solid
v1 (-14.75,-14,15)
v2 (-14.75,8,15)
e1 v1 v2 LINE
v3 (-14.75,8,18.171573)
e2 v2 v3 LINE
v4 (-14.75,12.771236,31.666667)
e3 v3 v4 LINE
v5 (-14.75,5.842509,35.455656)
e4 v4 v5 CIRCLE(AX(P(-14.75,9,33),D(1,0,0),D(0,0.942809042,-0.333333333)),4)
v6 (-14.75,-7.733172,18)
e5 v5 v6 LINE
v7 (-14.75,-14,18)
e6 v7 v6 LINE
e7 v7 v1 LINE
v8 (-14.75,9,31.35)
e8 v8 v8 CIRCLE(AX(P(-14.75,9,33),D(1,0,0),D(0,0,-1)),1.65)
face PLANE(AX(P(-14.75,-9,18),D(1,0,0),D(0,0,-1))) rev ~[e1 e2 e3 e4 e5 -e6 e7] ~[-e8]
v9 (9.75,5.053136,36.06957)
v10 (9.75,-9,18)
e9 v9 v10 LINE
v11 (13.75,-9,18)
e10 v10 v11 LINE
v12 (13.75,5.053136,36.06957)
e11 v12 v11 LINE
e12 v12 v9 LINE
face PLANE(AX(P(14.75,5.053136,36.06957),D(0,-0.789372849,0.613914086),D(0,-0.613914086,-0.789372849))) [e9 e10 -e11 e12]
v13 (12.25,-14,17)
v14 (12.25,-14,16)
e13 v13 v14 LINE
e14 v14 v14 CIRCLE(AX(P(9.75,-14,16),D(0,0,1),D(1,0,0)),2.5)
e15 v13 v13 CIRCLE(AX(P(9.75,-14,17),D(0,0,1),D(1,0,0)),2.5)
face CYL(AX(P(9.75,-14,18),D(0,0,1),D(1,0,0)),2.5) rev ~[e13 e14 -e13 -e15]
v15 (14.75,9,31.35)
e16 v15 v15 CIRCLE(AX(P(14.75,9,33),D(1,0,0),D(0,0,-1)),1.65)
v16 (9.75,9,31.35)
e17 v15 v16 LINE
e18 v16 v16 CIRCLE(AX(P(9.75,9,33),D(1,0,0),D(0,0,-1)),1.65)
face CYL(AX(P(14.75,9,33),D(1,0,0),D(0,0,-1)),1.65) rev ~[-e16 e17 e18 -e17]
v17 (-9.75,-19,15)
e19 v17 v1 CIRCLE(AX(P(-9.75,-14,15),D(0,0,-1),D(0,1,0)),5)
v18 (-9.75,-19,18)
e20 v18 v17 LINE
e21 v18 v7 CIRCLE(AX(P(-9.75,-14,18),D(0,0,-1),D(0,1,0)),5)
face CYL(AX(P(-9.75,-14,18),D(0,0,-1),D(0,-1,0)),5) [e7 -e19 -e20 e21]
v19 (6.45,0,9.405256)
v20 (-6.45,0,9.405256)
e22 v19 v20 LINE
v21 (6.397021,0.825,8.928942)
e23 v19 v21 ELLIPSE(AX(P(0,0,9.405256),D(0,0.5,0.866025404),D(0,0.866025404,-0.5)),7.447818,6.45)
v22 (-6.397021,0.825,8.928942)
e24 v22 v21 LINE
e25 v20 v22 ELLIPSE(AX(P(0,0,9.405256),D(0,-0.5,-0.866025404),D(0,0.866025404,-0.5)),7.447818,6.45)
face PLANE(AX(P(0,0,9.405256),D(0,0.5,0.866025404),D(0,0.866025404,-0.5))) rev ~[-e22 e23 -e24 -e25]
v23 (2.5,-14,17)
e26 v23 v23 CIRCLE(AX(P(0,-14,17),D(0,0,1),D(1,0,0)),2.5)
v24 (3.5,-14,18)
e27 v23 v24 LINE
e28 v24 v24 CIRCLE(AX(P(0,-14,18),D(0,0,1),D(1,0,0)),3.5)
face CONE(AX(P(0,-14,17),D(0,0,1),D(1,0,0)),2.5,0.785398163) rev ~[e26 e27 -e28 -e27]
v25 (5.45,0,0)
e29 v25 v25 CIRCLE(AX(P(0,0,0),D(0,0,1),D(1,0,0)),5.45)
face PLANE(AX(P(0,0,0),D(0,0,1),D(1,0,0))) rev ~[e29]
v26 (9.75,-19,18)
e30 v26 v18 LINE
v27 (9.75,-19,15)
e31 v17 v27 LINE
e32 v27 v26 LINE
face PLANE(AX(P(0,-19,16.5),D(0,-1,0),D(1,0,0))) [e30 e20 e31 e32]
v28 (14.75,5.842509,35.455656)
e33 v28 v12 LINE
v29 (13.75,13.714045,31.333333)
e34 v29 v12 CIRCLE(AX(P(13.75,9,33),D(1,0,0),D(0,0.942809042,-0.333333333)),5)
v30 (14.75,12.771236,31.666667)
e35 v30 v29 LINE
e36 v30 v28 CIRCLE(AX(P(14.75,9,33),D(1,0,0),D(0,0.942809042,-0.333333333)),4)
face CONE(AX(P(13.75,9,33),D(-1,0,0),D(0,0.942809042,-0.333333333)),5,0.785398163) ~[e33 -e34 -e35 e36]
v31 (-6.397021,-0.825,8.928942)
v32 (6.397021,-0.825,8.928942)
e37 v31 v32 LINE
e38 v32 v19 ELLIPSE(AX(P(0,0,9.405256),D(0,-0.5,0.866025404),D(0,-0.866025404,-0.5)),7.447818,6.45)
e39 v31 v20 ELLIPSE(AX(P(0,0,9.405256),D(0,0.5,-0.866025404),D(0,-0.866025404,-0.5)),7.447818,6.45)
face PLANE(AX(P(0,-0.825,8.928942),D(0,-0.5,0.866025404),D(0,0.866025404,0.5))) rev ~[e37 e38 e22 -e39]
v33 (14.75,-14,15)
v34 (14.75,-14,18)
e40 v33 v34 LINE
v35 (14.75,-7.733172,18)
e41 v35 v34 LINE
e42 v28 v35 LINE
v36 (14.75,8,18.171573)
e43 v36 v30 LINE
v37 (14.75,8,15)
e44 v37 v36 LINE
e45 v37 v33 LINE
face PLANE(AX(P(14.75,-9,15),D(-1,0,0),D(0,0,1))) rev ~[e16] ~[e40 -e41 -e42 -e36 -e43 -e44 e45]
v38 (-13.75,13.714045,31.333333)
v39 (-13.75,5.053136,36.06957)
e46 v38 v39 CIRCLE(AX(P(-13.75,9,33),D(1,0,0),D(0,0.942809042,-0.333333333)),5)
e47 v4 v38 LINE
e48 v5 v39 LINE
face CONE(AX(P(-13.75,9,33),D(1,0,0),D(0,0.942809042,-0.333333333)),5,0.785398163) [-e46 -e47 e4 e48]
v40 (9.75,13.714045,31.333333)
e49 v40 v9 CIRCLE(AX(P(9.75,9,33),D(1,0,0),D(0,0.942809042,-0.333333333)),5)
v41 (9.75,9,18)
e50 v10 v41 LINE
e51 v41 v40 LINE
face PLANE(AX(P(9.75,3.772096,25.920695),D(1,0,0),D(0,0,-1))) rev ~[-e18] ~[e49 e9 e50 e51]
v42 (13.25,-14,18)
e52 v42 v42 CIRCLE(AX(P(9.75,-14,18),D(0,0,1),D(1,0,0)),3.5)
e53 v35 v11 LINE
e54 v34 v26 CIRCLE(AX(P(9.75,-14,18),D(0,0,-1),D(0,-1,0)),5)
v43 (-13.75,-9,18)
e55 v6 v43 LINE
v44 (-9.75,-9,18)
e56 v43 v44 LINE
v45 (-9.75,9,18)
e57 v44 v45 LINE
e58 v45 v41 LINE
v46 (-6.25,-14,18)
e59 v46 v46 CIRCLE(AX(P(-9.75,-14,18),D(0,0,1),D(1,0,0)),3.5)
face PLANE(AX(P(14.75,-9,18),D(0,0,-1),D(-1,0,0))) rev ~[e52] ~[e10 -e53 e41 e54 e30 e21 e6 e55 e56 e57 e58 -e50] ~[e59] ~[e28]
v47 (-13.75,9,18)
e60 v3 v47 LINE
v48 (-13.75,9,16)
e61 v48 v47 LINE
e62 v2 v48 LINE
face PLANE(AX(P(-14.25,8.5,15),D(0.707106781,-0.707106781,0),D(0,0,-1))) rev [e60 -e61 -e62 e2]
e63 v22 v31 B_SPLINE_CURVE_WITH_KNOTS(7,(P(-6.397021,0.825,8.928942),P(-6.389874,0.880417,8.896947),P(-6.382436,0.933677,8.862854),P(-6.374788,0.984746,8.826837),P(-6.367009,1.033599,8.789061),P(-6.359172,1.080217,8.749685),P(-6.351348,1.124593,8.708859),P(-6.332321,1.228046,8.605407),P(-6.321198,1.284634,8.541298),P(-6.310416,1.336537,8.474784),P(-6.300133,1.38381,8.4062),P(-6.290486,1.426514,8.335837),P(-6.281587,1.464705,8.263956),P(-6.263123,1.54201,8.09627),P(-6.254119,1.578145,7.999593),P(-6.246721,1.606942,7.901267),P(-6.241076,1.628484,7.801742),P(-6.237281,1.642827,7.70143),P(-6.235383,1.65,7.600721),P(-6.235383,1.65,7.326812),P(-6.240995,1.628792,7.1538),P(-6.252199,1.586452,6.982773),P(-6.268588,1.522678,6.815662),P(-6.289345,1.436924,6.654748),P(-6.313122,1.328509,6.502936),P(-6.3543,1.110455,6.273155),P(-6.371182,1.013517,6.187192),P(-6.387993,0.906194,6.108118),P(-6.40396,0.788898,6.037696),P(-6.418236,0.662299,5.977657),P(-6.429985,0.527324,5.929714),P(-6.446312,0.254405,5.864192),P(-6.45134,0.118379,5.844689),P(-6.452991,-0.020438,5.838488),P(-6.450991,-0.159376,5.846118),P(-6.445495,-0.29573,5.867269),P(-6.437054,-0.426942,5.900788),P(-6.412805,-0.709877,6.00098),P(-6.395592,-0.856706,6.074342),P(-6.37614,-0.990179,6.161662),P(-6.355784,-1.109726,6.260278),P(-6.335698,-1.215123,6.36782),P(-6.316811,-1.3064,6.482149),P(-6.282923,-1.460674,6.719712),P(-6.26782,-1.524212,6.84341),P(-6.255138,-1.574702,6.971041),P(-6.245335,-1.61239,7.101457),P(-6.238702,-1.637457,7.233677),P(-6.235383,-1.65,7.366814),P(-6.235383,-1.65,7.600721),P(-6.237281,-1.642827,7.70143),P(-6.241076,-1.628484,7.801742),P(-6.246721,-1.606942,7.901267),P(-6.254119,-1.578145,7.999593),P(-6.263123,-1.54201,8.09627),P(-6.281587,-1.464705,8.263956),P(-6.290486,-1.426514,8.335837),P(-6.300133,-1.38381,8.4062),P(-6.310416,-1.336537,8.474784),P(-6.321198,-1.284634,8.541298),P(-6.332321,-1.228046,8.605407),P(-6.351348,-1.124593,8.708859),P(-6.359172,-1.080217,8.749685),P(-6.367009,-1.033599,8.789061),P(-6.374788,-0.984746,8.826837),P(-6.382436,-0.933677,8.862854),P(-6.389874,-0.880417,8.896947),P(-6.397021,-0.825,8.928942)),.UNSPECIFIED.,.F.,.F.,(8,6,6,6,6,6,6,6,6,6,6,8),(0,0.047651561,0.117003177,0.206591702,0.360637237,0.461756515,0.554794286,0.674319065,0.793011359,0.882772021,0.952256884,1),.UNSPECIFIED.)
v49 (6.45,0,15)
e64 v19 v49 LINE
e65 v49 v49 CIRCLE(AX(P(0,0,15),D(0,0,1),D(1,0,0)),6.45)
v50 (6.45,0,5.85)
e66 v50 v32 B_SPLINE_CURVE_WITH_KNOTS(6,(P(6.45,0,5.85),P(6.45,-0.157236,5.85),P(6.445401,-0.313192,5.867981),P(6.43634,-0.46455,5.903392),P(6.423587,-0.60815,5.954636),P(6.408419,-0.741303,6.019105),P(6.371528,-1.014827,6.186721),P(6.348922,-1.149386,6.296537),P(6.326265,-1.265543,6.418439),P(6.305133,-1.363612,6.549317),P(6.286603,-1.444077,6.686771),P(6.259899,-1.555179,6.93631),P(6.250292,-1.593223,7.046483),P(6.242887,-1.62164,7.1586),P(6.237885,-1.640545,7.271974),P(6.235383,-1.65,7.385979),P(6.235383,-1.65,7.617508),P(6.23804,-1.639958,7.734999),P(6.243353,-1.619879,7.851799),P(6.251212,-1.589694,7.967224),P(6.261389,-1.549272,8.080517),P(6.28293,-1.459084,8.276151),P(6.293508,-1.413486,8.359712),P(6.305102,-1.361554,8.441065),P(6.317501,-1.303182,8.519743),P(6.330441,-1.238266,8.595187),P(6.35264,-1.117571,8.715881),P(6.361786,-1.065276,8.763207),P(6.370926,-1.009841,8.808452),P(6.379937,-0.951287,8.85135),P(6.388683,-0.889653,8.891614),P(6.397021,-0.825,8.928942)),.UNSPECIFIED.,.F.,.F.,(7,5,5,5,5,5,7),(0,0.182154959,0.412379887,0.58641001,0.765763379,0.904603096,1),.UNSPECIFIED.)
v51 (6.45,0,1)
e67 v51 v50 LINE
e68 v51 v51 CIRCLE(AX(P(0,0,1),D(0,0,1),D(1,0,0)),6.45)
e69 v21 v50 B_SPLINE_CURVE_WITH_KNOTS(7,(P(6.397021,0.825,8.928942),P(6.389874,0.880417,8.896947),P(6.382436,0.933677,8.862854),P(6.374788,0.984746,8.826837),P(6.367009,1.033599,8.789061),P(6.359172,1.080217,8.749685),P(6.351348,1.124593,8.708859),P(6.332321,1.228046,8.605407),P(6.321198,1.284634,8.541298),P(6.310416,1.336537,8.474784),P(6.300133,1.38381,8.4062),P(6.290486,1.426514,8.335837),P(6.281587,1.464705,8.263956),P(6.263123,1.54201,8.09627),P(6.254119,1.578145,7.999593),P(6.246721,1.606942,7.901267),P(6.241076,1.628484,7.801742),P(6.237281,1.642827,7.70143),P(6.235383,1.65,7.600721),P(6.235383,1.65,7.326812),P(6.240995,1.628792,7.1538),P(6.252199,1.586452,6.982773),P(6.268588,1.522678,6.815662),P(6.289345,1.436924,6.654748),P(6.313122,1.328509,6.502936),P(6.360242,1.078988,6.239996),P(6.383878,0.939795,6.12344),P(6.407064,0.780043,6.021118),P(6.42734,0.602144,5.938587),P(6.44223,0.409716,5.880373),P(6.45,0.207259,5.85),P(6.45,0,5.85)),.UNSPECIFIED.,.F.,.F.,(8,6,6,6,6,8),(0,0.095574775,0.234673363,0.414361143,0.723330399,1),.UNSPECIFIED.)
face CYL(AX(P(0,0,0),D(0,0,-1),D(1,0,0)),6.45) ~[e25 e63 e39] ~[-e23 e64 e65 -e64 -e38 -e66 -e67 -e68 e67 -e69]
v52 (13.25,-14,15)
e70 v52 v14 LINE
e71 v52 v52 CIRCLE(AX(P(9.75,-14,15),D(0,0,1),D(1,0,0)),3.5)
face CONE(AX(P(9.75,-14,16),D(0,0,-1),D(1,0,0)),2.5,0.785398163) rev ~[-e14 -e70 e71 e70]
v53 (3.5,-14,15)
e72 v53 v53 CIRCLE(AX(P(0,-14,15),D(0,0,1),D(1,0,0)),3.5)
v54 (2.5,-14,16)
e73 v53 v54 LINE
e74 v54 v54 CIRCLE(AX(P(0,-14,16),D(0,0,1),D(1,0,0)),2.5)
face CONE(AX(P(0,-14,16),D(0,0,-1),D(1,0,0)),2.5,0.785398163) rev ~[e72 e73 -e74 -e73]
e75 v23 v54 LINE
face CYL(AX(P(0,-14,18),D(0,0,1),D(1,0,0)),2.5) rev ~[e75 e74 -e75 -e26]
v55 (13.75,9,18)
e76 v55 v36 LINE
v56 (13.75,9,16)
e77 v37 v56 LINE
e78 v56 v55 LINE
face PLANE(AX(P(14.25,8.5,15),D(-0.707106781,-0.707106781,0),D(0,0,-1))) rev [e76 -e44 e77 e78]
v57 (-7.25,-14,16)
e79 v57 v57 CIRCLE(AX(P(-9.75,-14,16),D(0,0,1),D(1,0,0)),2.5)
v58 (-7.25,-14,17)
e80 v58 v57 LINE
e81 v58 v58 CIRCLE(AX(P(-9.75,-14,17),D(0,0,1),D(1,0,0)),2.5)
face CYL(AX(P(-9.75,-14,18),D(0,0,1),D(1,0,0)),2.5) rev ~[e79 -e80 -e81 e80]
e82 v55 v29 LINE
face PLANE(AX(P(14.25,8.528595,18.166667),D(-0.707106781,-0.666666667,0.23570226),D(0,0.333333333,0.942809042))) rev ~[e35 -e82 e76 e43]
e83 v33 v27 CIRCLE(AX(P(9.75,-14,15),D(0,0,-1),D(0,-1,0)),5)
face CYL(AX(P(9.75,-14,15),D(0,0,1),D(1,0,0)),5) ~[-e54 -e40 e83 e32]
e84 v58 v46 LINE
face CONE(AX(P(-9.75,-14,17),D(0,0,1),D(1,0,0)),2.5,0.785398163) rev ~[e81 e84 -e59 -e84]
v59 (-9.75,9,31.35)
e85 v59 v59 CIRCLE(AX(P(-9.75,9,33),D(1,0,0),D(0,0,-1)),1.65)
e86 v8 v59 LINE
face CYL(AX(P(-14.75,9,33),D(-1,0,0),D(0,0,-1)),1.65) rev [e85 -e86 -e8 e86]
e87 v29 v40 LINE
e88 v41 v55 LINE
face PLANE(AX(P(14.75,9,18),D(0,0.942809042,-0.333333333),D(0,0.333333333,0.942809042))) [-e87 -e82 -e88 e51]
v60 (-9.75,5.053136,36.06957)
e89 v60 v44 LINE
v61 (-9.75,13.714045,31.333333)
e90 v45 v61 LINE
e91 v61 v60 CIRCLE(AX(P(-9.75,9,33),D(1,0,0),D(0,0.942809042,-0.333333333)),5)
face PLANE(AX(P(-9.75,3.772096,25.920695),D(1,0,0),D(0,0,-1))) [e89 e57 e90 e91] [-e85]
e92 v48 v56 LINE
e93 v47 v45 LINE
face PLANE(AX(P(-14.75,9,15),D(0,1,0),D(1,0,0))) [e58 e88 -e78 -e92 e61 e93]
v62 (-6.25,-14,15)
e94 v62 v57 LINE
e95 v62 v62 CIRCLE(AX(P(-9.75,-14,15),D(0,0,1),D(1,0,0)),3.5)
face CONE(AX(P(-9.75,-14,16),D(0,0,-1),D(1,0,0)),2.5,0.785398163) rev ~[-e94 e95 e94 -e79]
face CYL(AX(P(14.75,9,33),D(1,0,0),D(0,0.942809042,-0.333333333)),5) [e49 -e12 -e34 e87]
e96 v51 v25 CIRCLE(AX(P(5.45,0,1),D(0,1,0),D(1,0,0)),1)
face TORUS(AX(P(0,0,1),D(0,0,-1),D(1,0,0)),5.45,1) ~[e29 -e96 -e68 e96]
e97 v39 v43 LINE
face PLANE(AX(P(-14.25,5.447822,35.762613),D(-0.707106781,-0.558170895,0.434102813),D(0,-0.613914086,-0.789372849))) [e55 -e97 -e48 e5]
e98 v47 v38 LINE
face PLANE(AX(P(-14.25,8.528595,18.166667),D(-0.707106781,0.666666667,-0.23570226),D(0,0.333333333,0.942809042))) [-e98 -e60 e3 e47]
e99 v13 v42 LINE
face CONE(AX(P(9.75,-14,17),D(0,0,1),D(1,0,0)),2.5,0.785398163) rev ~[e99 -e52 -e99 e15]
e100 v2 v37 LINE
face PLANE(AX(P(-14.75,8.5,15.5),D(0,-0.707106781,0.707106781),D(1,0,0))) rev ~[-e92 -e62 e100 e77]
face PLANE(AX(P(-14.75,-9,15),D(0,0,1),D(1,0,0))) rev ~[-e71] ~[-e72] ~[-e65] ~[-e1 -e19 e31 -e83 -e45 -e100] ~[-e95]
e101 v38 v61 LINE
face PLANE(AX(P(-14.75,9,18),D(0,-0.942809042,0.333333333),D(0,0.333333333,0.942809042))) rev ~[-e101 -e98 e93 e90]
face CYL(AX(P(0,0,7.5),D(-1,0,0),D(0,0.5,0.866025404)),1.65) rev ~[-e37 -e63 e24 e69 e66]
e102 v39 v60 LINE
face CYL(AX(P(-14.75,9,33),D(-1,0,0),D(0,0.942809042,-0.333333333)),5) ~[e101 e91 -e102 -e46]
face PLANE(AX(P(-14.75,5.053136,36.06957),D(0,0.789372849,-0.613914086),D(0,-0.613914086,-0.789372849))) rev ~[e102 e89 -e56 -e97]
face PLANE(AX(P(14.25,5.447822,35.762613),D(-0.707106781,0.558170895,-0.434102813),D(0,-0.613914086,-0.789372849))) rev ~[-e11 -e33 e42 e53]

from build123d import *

# Parameters (mm, degrees)
SKETCH_1_R               = 6.45
EXTRUDE_1_DEPTH          = 15
SKETCH_2_W               = 29.5
SKETCH_2_H               = 18
EXTRUDE_2_DEPTH          = 3
EXTRUDE_START            = 14.75
SKETCH_3_R               = 1.65
EXTRUDE_3_DEPTH          = 5
EXTRUDE_START_2          = -14.75
SKETCH_3_2_R             = 1.65
EXTRUDE_4_DEPTH          = 5
EXTRUDE_5_DEPTH          = 10
FILLET_1_R               = 5
SKETCH_5_R               = 2.5
CUT_EXTRUDE_1_DEPTH      = 19
CHAMFER_1_SIZE           = 1
CHAMFER_2_SIZE           = 1
CUT_EXTRUDE_2_DEPTH      = 15.75
CUT_EXTRUDE_2_DEPTH_BACK = 15.75
FILLET_2_R               = 1


with BuildPart() as part:
    # ｽｹｯﾁ1 → ﾎﾞｽ - 押し出し1 (new body)
    with BuildSketch(Plane.XY):
        Circle(SKETCH_1_R)
    extrude(amount=EXTRUDE_1_DEPTH)

    # ｽｹｯﾁ2 → ﾎﾞｽ - 押し出し2 (add)
    with BuildSketch(Plane.XY.offset(15)):
        Rectangle(SKETCH_2_W, SKETCH_2_H)
    extrude(amount=EXTRUDE_2_DEPTH)

    # ｽｹｯﾁ3 → ﾎﾞｽ - 押し出し3 (add)
    with BuildSketch(Plane(origin=(0, 0, 0), x_dir=(0, 0, -1), z_dir=(1, 0, 0)).offset(EXTRUDE_START)):
        with BuildLine():
            Line((-18, 9), (-31.333333333, 13.714045208))
            ThreePointArc((-31.333333333, 13.714045208), (-37.386897866, 11.398984601), (-36.069570429, 5.053135753))
            Line((-36.069570429, 5.053135753), (-18, -9))
            Line((-18, -9), (-18, 9))
        make_face()
        with Locations((-33, 9)):
            Circle(SKETCH_3_R, mode=Mode.SUBTRACT)
    extrude(amount=-EXTRUDE_3_DEPTH)

    # ｽｹｯﾁ3<2> → ﾎﾞｽ - 押し出し4 (add)
    with BuildSketch(Plane(origin=(0, 0, 0), x_dir=(0, 0, -1), z_dir=(1, 0, 0)).offset(EXTRUDE_START_2)):
        with BuildLine():
            Line((-18, 9), (-31.333333333, 13.714045208))
            ThreePointArc((-31.333333333, 13.714045208), (-37.386897866, 11.398984601), (-36.069570429, 5.053135753))
            Line((-36.069570429, 5.053135753), (-18, -9))
            Line((-18, -9), (-18, 9))
        make_face()
        with Locations((-33, 9)):
            Circle(SKETCH_3_2_R, mode=Mode.SUBTRACT)
    extrude(amount=EXTRUDE_4_DEPTH)

    # ｽｹｯﾁ4 → ﾎﾞｽ - 押し出し5 (add)
    with BuildSketch(Plane.XZ.offset(9)):
        Polygon((-14.75, 15), (14.75, 15), (14.75, 18), (9.75, 18), (-9.75, 18), (-14.75, 18), align=None)
    extrude(amount=EXTRUDE_5_DEPTH)

    # ﾌｨﾚｯﾄ1
    fillet_1_edges = [part.edges().sort_by_distance(p)[0] for p in [
        (-14.75, -19, 16.5),
        (14.75, -19, 16.5),
    ]]
    fillet(fillet_1_edges, radius=FILLET_1_R)

    # ｽｹｯﾁ5 → ｶｯﾄ - 押し出し1 (cut, through all)
    with BuildSketch(Plane.XY.offset(18)):
        with Locations((0, -14)):
            Circle(SKETCH_5_R)
        with Locations((-9.75, -14)):
            Circle(SKETCH_5_R)
        with Locations((9.75, -14)):
            Circle(SKETCH_5_R)
    extrude(amount=-CUT_EXTRUDE_1_DEPTH, mode=Mode.SUBTRACT)

    # 面取り1
    chamfer_1_edges = [part.edges().sort_by_distance(p)[0] for p in [
        (7.25, -14, 15),
        (7.25, -14, 18),
        (-12.25, -14, 15),
        (-12.25, -14, 18),
        (-2.5, -14, 15),
        (-2.5, -14, 18),
    ]]
    chamfer(chamfer_1_edges, length=CHAMFER_1_SIZE)

    # 面取り2
    chamfer_2_edges = [part.edges().sort_by_distance(p)[0] for p in [
        (-14.75, 9, 16.5),
        (0, 9, 15),
        (14.75, 9, 16.5),
        (-14.75, 11.357022604, 24.666666667),
        (-14.75, 11.398984601, 37.386897866),
        (-14.75, -1.973432123, 27.034785215),
        (14.75, 11.357022604, 24.666666667),
        (14.75, 11.398984601, 37.386897866),
        (14.75, -1.973432123, 27.034785215),
    ]]
    chamfer(chamfer_2_edges, length=CHAMFER_2_SIZE)

    # ｽｹｯﾁ6 → ｶｯﾄ - 押し出し2 (cut, two sides)
    with BuildSketch(Plane(origin=(0, 0, 0), x_dir=(0, 0, -1), z_dir=(1, 0, 0))) as cut_extrude_2_sk:
        with BuildLine():
            Line((-8.928941916, -0.825), (-9.405255888, 0))
            Line((-9.405255888, 0), (-8.928941916, 0.825))
            ThreePointArc((-8.928941916, 0.825), (-5.85, 0), (-8.928941916, -0.825))
        make_face()
    extrude(amount=CUT_EXTRUDE_2_DEPTH, mode=Mode.SUBTRACT)
    extrude(cut_extrude_2_sk.sketch, amount=-CUT_EXTRUDE_2_DEPTH_BACK, mode=Mode.SUBTRACT)

    # ﾌｨﾚｯﾄ2
    fillet_2_edges = [part.edges().sort_by_distance(p)[0] for p in [
        (-6.45, 0, 0),
    ]]
    fillet(fillet_2_edges, radius=FILLET_2_R)


solid = part.part
